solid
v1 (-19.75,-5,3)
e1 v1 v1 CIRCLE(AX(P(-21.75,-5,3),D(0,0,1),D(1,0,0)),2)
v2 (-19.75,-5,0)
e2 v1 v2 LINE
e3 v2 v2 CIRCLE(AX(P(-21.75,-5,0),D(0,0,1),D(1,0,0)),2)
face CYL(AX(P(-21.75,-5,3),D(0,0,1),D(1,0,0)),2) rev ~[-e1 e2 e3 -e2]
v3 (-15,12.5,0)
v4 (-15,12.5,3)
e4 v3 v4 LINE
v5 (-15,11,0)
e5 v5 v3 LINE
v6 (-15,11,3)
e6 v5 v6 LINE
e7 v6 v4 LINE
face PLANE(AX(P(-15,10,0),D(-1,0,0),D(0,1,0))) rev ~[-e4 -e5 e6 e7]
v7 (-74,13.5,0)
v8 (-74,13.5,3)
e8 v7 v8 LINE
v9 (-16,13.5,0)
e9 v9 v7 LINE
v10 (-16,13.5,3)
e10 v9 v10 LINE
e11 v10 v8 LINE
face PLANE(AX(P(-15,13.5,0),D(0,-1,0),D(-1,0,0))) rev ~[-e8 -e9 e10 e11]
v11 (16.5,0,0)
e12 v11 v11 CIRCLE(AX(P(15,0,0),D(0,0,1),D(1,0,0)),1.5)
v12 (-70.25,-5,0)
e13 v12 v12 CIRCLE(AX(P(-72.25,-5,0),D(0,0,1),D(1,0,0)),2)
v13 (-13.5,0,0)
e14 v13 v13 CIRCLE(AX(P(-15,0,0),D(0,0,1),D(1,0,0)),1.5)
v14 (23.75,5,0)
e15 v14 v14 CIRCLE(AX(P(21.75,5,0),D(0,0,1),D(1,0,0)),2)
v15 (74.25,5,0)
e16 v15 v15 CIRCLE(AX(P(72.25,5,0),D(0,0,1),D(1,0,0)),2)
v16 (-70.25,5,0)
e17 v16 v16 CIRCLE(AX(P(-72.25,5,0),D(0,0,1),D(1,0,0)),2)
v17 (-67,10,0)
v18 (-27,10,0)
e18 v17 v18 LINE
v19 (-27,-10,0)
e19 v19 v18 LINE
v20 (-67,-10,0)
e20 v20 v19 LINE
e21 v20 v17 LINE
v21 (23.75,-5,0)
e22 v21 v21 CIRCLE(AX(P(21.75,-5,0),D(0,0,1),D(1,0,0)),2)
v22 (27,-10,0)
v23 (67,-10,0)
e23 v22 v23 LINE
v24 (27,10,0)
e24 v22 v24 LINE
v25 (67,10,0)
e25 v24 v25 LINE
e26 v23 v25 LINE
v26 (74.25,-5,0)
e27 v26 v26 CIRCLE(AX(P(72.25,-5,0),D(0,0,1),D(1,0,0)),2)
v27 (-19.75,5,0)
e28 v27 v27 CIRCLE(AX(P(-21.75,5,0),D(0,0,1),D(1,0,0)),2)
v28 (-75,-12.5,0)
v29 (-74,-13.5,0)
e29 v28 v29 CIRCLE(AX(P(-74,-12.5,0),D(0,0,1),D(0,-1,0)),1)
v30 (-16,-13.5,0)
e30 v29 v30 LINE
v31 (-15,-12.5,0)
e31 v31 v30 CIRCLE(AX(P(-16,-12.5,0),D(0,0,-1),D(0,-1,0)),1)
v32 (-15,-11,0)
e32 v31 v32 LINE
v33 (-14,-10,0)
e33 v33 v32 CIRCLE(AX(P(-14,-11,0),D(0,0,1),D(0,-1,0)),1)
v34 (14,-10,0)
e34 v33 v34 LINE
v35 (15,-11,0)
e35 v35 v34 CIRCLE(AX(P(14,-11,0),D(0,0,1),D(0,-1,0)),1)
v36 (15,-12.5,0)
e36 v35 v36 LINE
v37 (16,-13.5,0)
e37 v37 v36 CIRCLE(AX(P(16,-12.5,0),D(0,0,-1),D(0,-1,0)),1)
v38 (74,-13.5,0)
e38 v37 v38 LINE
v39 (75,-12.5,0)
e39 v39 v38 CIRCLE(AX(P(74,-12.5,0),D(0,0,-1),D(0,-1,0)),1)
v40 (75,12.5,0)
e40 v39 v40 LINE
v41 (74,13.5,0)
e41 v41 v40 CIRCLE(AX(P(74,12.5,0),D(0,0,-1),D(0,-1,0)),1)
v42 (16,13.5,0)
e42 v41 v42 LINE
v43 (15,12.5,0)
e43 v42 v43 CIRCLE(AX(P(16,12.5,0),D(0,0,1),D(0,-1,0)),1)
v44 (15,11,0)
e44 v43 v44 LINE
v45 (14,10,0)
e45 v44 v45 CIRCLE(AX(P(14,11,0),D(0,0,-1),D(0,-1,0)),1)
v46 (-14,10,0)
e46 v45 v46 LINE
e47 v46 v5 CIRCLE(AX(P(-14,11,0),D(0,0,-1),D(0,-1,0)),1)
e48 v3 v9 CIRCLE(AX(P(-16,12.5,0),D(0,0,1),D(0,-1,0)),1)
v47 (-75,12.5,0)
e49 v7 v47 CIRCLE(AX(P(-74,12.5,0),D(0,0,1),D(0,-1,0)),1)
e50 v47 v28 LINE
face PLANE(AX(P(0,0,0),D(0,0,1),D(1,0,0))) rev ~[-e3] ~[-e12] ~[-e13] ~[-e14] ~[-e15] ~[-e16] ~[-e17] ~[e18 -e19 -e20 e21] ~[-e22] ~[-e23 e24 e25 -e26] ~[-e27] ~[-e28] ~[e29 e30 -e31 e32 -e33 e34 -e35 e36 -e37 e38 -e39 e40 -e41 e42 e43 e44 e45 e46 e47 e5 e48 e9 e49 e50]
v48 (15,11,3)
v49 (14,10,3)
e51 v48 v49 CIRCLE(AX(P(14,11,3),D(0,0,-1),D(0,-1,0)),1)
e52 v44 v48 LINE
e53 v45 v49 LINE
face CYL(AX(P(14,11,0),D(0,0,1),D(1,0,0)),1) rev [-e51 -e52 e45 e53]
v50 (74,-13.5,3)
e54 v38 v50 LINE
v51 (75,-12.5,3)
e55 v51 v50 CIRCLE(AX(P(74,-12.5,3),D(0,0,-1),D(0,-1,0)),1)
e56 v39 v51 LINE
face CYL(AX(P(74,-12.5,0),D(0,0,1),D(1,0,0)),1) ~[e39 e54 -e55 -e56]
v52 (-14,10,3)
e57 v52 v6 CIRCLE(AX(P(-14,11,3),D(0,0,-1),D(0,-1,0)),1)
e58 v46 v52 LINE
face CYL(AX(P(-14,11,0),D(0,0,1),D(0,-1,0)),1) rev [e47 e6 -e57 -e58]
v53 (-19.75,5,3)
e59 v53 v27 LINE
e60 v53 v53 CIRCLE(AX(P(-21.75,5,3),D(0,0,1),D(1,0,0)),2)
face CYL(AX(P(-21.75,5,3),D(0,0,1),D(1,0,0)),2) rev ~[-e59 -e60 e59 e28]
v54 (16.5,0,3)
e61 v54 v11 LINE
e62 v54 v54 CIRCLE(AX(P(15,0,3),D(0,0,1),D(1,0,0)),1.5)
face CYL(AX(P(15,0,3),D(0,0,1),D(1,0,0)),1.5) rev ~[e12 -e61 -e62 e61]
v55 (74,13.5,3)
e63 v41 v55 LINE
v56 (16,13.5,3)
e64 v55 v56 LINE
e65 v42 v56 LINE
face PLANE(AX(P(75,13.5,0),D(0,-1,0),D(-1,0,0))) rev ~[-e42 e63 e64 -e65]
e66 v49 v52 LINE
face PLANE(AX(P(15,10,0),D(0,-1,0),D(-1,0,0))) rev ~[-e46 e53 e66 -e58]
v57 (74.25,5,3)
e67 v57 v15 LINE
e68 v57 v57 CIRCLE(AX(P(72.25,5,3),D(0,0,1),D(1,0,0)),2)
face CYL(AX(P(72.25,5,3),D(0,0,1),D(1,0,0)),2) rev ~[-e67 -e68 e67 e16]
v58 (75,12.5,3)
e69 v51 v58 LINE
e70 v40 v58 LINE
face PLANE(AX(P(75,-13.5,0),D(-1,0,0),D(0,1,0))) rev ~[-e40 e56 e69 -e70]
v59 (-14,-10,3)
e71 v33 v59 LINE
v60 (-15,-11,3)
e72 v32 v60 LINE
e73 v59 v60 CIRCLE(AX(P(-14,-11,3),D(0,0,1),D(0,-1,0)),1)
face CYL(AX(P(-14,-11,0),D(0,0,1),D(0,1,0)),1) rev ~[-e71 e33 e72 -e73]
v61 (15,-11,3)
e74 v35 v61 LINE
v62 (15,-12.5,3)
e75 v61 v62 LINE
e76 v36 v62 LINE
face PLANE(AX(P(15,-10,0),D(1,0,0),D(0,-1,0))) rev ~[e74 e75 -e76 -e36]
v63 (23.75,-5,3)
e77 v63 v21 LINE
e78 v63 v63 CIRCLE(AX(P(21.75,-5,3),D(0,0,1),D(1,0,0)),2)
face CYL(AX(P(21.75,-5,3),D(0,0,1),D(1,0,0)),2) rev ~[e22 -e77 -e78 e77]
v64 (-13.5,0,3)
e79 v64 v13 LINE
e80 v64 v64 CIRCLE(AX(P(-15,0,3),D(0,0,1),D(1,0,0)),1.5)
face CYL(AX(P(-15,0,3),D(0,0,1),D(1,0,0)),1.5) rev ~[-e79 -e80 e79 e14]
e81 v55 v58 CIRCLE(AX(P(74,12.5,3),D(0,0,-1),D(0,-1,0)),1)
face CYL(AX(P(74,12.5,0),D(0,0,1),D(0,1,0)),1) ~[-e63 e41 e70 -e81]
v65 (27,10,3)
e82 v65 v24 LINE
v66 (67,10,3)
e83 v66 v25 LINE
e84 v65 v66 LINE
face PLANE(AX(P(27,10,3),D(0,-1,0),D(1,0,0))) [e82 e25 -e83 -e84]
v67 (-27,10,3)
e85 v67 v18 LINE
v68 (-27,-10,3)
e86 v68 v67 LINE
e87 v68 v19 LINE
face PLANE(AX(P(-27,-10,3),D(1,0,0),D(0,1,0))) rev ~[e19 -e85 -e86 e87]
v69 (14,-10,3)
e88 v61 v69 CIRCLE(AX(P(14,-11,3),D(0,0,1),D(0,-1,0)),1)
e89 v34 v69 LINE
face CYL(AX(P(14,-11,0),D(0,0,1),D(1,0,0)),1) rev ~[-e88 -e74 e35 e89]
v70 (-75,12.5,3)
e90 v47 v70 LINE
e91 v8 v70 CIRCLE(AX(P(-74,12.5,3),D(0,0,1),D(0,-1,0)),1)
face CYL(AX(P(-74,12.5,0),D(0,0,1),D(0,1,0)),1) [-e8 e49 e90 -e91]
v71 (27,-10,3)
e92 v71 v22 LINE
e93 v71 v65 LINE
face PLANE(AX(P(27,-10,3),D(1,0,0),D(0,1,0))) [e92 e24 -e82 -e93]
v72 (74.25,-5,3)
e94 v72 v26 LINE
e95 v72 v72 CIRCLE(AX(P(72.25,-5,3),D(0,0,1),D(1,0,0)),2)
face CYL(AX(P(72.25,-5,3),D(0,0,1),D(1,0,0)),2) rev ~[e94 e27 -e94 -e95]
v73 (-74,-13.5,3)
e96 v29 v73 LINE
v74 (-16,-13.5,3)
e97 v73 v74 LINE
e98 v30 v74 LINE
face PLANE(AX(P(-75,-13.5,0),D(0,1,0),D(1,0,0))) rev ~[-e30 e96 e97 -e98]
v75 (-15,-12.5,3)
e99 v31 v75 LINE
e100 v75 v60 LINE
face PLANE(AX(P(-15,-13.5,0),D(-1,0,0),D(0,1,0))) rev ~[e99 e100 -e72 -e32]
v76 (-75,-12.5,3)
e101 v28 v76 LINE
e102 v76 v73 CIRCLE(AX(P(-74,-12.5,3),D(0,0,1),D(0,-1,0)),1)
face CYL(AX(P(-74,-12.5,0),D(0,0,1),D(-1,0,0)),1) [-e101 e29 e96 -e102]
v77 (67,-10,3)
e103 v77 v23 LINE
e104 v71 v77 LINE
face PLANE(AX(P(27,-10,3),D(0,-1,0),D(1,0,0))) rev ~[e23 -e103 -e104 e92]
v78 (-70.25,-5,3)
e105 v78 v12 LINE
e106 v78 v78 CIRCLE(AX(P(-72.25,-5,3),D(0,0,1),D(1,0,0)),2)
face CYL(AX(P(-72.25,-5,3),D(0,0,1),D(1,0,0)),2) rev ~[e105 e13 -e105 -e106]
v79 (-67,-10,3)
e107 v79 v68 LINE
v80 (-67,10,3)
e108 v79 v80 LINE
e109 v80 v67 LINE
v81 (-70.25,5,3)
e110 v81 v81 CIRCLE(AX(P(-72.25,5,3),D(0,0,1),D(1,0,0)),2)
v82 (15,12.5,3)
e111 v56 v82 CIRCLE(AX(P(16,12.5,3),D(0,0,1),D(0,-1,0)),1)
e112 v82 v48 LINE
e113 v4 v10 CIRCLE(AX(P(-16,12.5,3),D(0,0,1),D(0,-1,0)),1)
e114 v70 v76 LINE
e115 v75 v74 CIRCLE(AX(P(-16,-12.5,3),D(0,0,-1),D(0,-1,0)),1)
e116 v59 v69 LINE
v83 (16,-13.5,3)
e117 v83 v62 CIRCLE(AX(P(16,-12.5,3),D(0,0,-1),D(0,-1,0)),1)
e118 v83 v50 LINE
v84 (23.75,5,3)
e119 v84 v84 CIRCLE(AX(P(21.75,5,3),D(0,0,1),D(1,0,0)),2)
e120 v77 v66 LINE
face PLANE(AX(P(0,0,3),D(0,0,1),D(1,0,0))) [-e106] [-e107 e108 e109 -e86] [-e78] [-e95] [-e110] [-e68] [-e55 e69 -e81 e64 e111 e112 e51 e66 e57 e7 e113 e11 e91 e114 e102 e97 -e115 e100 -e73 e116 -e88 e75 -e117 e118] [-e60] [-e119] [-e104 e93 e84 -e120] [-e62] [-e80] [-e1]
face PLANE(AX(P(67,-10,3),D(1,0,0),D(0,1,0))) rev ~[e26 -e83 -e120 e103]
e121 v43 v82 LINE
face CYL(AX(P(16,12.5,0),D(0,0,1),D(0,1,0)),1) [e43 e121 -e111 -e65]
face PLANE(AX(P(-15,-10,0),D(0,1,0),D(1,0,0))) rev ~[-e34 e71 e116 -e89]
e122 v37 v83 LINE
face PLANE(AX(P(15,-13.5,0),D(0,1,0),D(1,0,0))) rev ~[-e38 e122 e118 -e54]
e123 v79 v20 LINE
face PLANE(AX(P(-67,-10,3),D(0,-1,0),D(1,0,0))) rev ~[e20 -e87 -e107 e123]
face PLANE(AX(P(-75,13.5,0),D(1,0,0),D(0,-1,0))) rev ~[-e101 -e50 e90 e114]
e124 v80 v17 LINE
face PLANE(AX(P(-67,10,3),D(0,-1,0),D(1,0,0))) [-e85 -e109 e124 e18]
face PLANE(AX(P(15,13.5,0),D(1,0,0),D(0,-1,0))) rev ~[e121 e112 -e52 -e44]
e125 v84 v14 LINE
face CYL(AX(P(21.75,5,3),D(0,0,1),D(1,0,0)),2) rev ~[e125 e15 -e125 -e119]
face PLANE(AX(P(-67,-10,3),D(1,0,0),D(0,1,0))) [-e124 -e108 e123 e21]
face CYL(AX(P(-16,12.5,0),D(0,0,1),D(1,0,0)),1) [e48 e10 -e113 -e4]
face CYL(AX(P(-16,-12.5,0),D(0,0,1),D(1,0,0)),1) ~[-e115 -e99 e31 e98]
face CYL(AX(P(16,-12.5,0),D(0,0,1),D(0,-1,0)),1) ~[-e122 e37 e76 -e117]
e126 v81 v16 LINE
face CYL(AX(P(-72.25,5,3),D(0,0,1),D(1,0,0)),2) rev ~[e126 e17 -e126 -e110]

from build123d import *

# Parameters (mm, degrees)
SALIENTE_EXTRUIR1_DEPTH = 3
CROQUIS3_R              = 2
CROQUIS3_W              = 40
CROQUIS3_H              = 20
CORTAR_EXTRUIR1_DEPTH   = 4
REDONDEO1_R             = 1
CROQUIS4_R              = 1.5
CORTAR_EXTRUIR2_DEPTH   = 3


with BuildPart() as part:
    # Croquis1 → Saliente-Extruir1 (new body)
    with BuildSketch(Plane.XY):
        Polygon((75, 13.5), (15, 13.5), (15, 10), (-15, 10), (-15, 13.5), (-75, 13.5), (-75, -13.5), (-15, -13.5), (-15, -10), (15, -10), (15, -13.5), (75, -13.5), align=None)
    extrude(amount=SALIENTE_EXTRUIR1_DEPTH)

    # Croquis3 → Cortar-Extruir1 (cut, through all)
    with BuildSketch(Plane.XY.offset(3)):
        with Locations((-21.75, -5)):
            Circle(CROQUIS3_R)
        with Locations((-21.75, 5)):
            Circle(CROQUIS3_R)
        with Locations((-72.25, -5)):
            Circle(CROQUIS3_R)
        with Locations((-72.25, 5)):
            Circle(CROQUIS3_R)
        with Locations((72.25, 5)):
            Circle(CROQUIS3_R)
        with Locations((72.25, -5)):
            Circle(CROQUIS3_R)
        with Locations((21.75, 5)):
            Circle(CROQUIS3_R)
        with Locations((21.75, -5)):
            Circle(CROQUIS3_R)
        with Locations((-47, 0)):
            Rectangle(CROQUIS3_W, CROQUIS3_H)
        with Locations((47, 0)):
            Rectangle(CROQUIS3_W, CROQUIS3_H)
    extrude(amount=-CORTAR_EXTRUIR1_DEPTH, mode=Mode.SUBTRACT)

    # Redondeo1
    redondeo1_edges = [part.edges().sort_by_distance(p)[0] for p in [
        (-75, -13.5, 1.5),
        (-75, 13.5, 1.5),
        (-15, 13.5, 1.5),
        (-15, 10, 1.5),
        (15, 10, 1.5),
        (15, 13.5, 1.5),
        (75, 13.5, 1.5),
        (75, -13.5, 1.5),
        (15, -13.5, 1.5),
        (15, -10, 1.5),
        (-15, -10, 1.5),
        (-15, -13.5, 1.5),
    ]]
    fillet(redondeo1_edges, radius=REDONDEO1_R)

    # Croquis4 → Cortar-Extruir2 (cut)
    with BuildSketch(Plane.XY.offset(3)):
        with Locations((15, 0)):
            Circle(CROQUIS4_R)
        with Locations((-15, 0)):
            Circle(CROQUIS4_R)
    extrude(amount=-CORTAR_EXTRUIR2_DEPTH, mode=Mode.SUBTRACT)


solid = part.part
